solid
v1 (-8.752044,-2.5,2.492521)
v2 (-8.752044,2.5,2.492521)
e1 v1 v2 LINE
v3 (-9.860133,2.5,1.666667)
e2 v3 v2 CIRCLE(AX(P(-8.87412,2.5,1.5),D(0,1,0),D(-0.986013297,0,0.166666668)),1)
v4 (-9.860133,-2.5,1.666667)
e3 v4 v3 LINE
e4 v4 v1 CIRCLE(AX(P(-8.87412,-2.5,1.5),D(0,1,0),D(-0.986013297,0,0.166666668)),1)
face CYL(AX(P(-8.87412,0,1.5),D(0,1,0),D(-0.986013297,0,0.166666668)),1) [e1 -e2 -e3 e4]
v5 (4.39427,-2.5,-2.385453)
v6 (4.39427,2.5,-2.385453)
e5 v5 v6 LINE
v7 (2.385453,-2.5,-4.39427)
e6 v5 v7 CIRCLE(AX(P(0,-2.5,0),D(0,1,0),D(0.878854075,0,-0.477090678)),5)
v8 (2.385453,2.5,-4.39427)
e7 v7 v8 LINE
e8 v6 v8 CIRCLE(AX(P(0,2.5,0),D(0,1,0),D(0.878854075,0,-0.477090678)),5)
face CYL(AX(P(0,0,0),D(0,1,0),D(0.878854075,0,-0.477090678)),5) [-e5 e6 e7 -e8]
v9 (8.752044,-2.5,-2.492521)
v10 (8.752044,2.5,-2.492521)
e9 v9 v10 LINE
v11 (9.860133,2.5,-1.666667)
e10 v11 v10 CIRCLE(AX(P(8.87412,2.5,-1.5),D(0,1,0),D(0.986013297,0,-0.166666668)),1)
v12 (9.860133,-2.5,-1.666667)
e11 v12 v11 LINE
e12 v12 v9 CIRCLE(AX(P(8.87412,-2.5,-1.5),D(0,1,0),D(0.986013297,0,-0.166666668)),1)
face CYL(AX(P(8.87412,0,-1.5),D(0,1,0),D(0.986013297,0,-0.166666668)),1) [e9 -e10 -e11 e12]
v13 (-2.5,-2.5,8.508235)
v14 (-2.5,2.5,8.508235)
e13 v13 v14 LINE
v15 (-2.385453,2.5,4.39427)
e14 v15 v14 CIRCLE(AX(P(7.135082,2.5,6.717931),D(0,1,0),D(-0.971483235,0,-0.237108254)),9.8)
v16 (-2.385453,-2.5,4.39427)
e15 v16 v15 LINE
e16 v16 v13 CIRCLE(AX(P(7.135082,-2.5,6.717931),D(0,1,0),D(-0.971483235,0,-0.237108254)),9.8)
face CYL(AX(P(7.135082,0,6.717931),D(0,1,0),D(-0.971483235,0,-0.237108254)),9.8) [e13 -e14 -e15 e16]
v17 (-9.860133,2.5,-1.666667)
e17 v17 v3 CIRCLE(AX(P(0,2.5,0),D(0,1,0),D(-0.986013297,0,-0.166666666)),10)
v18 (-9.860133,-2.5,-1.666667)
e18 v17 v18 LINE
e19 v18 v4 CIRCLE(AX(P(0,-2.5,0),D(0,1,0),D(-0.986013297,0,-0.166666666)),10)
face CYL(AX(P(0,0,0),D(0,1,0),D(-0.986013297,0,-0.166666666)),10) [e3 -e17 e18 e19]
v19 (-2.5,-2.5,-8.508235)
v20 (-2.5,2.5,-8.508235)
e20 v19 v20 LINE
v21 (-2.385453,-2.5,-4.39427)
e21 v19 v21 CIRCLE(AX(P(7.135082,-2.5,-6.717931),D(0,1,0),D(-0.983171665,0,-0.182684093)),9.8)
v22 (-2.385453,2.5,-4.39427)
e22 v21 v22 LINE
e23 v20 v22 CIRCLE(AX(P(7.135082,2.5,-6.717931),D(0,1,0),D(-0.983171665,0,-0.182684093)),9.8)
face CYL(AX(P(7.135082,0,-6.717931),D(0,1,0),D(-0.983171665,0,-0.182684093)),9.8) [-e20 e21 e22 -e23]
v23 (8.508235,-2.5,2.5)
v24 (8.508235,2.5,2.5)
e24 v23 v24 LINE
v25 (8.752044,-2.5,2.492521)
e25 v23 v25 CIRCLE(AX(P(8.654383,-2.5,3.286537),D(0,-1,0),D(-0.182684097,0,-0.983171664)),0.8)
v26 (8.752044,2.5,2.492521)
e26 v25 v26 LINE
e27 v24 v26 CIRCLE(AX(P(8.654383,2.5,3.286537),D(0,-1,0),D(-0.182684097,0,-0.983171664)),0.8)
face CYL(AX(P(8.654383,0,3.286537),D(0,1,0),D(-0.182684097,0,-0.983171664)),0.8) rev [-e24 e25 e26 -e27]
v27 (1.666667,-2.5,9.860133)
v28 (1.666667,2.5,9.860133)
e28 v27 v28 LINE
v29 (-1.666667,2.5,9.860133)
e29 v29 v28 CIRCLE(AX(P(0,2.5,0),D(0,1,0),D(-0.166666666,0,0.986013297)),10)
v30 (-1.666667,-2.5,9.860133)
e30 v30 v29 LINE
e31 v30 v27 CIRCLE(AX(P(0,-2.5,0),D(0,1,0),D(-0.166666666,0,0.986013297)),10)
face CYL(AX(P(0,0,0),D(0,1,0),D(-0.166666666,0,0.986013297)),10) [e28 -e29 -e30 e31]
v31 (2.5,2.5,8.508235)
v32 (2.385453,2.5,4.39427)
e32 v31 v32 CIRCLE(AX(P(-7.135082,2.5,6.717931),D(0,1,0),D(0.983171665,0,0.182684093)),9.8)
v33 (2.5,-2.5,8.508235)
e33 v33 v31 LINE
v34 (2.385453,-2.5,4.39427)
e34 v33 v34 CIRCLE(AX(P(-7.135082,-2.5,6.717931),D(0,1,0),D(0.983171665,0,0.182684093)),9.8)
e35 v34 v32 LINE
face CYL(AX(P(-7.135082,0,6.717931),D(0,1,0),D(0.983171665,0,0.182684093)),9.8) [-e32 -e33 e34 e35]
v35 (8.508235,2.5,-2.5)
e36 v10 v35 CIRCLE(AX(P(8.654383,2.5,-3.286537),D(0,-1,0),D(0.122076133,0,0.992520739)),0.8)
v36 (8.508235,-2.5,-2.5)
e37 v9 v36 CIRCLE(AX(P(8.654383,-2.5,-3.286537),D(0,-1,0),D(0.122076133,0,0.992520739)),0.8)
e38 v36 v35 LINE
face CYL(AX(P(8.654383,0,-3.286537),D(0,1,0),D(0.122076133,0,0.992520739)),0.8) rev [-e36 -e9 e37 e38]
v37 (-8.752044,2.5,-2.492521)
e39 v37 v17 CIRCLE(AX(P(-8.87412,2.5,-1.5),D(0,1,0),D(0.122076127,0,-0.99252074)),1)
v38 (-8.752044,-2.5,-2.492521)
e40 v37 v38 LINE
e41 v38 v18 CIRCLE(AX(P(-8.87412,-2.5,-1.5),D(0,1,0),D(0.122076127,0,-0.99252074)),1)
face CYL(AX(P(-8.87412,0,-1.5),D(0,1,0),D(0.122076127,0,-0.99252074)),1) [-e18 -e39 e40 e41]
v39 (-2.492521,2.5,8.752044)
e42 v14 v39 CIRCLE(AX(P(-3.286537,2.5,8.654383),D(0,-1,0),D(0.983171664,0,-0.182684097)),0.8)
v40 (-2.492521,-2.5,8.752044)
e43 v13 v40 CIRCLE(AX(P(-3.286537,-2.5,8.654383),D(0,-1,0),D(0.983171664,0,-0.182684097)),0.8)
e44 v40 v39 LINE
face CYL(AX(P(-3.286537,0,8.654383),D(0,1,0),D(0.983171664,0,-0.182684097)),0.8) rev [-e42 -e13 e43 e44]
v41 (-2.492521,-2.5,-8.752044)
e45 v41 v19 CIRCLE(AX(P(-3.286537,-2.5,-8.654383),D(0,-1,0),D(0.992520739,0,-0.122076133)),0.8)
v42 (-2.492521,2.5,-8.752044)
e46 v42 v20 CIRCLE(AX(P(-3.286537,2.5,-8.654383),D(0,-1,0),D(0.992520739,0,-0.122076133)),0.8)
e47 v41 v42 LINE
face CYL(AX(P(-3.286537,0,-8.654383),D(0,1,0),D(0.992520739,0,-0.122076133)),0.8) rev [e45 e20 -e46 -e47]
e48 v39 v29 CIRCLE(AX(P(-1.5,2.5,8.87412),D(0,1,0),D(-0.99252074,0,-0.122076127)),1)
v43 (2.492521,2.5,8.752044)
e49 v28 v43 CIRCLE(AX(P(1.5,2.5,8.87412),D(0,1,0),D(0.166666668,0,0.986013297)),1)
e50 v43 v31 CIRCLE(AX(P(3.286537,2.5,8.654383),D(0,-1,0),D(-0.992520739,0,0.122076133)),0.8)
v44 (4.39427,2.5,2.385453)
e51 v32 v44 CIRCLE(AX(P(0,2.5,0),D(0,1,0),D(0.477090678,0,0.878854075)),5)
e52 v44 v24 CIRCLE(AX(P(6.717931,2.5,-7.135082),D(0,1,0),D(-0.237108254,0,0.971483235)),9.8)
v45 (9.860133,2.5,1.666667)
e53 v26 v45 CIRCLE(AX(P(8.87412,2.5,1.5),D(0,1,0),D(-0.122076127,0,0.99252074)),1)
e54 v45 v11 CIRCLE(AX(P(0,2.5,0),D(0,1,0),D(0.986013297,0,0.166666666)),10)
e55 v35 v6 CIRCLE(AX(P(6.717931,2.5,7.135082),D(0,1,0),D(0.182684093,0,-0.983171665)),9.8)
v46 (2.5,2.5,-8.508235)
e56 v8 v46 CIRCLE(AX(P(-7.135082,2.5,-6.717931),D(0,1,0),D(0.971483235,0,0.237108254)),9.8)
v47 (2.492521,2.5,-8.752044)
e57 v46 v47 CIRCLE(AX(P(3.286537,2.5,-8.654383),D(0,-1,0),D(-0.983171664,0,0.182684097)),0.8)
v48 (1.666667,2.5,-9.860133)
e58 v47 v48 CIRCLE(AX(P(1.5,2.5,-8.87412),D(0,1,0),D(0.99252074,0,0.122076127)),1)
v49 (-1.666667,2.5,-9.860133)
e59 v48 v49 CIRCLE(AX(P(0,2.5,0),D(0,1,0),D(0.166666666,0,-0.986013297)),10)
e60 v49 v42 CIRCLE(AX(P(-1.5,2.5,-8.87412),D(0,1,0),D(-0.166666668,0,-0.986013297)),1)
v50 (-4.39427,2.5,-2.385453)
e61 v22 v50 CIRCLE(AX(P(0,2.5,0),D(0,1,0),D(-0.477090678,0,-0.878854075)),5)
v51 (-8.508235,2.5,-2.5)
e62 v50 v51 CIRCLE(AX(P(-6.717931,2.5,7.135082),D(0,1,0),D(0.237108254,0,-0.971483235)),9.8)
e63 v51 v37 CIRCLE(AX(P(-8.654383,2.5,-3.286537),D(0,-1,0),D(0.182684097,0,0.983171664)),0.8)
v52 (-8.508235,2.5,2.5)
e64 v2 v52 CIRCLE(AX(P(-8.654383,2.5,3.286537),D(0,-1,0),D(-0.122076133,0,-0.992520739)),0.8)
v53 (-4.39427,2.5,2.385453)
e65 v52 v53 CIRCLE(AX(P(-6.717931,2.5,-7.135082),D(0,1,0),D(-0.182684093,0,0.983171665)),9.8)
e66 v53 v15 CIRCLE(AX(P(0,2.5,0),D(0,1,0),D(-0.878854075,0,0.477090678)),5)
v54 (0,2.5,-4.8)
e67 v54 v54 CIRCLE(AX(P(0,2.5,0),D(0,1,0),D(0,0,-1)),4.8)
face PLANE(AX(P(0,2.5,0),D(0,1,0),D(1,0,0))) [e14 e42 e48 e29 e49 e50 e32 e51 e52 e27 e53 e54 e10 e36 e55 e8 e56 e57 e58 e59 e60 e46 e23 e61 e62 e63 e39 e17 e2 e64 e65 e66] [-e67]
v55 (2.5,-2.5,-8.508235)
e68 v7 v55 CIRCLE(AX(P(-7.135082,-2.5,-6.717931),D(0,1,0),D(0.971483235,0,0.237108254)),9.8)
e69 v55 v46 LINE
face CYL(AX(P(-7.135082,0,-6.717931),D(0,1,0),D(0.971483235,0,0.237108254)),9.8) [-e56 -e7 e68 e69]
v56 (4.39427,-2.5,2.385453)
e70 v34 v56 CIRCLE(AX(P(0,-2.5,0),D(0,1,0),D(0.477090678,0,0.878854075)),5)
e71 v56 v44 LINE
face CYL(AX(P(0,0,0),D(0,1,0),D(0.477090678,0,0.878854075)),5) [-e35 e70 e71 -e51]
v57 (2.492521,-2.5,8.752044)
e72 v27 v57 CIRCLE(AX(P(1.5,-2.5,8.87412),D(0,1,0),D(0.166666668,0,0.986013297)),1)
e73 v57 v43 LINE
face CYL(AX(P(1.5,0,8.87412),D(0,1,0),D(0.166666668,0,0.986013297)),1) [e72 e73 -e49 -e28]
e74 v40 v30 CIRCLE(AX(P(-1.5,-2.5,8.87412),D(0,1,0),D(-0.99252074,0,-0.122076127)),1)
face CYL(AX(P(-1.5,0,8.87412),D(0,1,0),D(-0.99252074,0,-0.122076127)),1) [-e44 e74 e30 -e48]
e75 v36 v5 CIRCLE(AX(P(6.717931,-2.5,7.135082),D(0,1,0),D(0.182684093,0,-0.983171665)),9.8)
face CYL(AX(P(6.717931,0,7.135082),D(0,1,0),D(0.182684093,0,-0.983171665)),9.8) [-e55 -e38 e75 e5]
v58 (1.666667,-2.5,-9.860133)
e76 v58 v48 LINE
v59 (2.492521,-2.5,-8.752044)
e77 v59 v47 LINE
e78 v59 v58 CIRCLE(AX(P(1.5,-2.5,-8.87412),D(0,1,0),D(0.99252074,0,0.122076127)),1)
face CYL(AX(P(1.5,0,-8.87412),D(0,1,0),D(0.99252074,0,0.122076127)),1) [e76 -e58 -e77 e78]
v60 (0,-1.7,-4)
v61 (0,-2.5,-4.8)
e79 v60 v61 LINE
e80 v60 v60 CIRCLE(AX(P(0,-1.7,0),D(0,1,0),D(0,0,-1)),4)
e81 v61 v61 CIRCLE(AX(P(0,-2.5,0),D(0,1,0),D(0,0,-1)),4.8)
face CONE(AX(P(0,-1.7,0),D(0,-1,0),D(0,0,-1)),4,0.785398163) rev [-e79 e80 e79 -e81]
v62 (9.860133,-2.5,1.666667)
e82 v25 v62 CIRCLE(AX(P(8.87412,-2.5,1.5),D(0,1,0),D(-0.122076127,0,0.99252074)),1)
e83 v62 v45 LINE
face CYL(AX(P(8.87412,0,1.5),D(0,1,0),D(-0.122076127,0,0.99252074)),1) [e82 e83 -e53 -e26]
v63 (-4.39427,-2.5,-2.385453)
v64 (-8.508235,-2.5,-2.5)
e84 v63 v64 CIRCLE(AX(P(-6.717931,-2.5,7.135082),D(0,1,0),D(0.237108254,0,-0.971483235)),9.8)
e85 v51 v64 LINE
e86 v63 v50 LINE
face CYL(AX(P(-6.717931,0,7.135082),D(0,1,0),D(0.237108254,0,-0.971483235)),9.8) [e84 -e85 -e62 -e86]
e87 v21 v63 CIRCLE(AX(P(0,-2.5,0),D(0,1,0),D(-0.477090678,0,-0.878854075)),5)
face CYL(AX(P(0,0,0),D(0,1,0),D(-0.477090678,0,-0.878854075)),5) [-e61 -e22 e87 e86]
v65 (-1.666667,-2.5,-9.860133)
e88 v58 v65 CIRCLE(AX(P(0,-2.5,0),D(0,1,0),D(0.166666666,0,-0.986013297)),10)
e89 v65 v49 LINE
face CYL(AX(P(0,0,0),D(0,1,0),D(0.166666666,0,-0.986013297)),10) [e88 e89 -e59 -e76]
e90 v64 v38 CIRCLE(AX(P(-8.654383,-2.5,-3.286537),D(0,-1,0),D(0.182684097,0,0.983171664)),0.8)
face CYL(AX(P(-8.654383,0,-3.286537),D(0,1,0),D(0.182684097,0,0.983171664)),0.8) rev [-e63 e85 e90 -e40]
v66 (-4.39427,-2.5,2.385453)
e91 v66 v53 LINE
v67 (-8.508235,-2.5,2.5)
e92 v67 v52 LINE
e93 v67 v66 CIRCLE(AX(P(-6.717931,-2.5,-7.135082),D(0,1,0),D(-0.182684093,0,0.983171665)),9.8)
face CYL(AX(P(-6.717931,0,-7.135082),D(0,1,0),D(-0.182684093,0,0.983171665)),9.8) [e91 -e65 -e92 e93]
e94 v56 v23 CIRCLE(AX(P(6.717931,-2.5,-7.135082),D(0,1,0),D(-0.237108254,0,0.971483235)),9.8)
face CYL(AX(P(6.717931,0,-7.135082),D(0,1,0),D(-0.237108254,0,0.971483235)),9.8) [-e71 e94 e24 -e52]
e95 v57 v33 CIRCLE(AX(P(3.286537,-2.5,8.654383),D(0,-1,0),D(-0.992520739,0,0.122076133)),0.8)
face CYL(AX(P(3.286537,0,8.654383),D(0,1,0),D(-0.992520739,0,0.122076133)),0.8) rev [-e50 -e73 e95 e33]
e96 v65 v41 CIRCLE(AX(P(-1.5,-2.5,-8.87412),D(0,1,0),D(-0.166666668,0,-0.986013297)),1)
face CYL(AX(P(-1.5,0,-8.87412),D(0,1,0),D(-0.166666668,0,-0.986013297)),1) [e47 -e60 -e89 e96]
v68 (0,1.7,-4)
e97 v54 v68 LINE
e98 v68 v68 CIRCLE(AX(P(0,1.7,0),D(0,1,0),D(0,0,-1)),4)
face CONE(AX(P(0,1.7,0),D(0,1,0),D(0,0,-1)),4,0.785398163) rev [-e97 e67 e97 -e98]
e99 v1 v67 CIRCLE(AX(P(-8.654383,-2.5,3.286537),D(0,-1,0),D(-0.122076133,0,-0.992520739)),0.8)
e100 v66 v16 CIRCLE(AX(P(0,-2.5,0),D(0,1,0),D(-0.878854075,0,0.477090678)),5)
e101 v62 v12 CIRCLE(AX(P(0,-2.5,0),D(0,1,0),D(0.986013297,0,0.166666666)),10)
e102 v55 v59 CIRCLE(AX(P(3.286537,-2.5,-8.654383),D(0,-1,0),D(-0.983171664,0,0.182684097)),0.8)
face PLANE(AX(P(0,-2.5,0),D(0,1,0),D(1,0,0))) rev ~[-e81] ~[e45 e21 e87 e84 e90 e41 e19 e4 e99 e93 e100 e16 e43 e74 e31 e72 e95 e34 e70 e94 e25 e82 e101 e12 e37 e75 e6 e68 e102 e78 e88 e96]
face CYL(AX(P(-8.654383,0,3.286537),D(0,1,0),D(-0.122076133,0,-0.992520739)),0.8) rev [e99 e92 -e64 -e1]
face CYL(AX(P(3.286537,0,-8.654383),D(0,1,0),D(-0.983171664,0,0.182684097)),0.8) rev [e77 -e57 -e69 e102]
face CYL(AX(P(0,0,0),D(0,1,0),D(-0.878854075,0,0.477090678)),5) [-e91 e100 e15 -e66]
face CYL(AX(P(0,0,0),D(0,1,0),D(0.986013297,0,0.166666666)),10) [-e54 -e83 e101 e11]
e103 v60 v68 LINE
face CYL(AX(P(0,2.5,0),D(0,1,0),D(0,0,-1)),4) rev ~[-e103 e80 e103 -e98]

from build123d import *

# Parameters (mm, degrees)
EXTRUDE_1_DEPTH     = 2.5
SKETCH_4_R          = 4
CUT_EXTRUDE_1_DEPTH = 6
CHAMFER_1_SIZE      = 0.8
CHAMFER_2_SIZE      = 0.8


with BuildPart() as part:
    # 草图1 → 凸台-拉伸1 (new, symmetric)
    with BuildSketch(Plane(origin=(0, 0, 0), x_dir=(1, 0, 0), z_dir=(0, 1, 0))):
        with BuildLine():
            ThreePointArc((-9.860132972, 1.666666667), (-10, 0), (-9.860132972, -1.666666667))
            ThreePointArc((-9.860132972, -1.666666667), (-9.471702803, -2.301806962), (-8.752043547, -2.49252074))
            ThreePointArc((-8.752043547, -2.49252074), (-8.629852726, -2.486913493), (-8.50823537, -2.5))
            ThreePointArc((-8.50823537, -2.5), (-6.445172036, -2.661121156), (-4.394270374, -2.385453391))
            ThreePointArc((-4.394270374, -2.385453391), (-3.535533906, -3.535533906), (-2.385453391, -4.394270374))
            ThreePointArc((-2.385453391, -4.394270374), (-2.661121156, -6.445172036), (-2.5, -8.50823537))
            ThreePointArc((-2.5, -8.50823537), (-2.486913493, -8.629852726), (-2.49252074, -8.752043547))
            ThreePointArc((-2.49252074, -8.752043547), (-2.301806962, -9.471702803), (-1.666666667, -9.860132972))
            ThreePointArc((-1.666666667, -9.860132972), (0, -10), (1.666666667, -9.860132972))
            ThreePointArc((1.666666667, -9.860132972), (2.301806962, -9.471702803), (2.49252074, -8.752043547))
            ThreePointArc((2.49252074, -8.752043547), (2.486913493, -8.629852726), (2.5, -8.50823537))
            ThreePointArc((2.5, -8.50823537), (2.661121156, -6.445172036), (2.385453391, -4.394270374))
            ThreePointArc((2.385453391, -4.394270374), (3.535533906, -3.535533906), (4.394270374, -2.385453391))
            ThreePointArc((4.394270374, -2.385453391), (6.445172036, -2.661121156), (8.50823537, -2.5))
            ThreePointArc((8.50823537, -2.5), (8.629852726, -2.486913493), (8.752043547, -2.49252074))
            ThreePointArc((8.752043547, -2.49252074), (9.471702803, -2.301806962), (9.860132972, -1.666666667))
            ThreePointArc((9.860132972, -1.666666667), (10, 0), (9.860132972, 1.666666667))
            ThreePointArc((9.860132972, 1.666666667), (9.471702803, 2.301806962), (8.752043547, 2.49252074))
            ThreePointArc((8.752043547, 2.49252074), (8.629852726, 2.486913493), (8.50823537, 2.5))
            ThreePointArc((8.50823537, 2.5), (6.445172036, 2.661121156), (4.394270374, 2.385453391))
            ThreePointArc((4.394270374, 2.385453391), (3.535533906, 3.535533906), (2.385453391, 4.394270374))
            ThreePointArc((2.385453391, 4.394270374), (2.661121156, 6.445172036), (2.5, 8.50823537))
            ThreePointArc((2.5, 8.50823537), (2.486913493, 8.629852726), (2.49252074, 8.752043547))
            ThreePointArc((2.49252074, 8.752043547), (2.301806962, 9.471702803), (1.666666667, 9.860132972))
            ThreePointArc((1.666666667, 9.860132972), (0, 10), (-1.666666667, 9.860132972))
            ThreePointArc((-1.666666667, 9.860132972), (-2.301806962, 9.471702803), (-2.49252074, 8.752043547))
            ThreePointArc((-2.49252074, 8.752043547), (-2.486913493, 8.629852726), (-2.5, 8.50823537))
            ThreePointArc((-2.5, 8.50823537), (-2.661121156, 6.445172036), (-2.385453391, 4.394270374))
            ThreePointArc((-2.385453391, 4.394270374), (-3.535533906, 3.535533906), (-4.394270374, 2.385453391))
            ThreePointArc((-4.394270374, 2.385453391), (-6.445172036, 2.661121156), (-8.50823537, 2.5))
            ThreePointArc((-8.50823537, 2.5), (-8.629852726, 2.486913493), (-8.752043547, 2.49252074))
            ThreePointArc((-8.752043547, 2.49252074), (-9.471702803, 2.301806962), (-9.860132972, 1.666666667))
        make_face()
    extrude(amount=EXTRUDE_1_DEPTH, both=True)

    # 草图4 → 切除-拉伸1 (cut, symmetric)
    with BuildSketch(Plane(origin=(0, 2.5, 0), x_dir=(1, 0, 0), z_dir=(0, 1, 0))):
        with Locations(Location((0, 0, 0), (0, 0, 90))):
            Circle(SKETCH_4_R)
    extrude(amount=CUT_EXTRUDE_1_DEPTH, both=True, mode=Mode.SUBTRACT)

    # 倒角1
    chamfer_1_edges = [part.edges().sort_by_distance(p)[0] for p in [
        (0, 2.5, 4),
    ]]
    chamfer(chamfer_1_edges, length=CHAMFER_1_SIZE)

    # 倒角2
    chamfer_2_edges = [part.edges().sort_by_distance(p)[0] for p in [
        (0, -2.5, 4),
    ]]
    chamfer(chamfer_2_edges, length=CHAMFER_2_SIZE)


solid = part.part
